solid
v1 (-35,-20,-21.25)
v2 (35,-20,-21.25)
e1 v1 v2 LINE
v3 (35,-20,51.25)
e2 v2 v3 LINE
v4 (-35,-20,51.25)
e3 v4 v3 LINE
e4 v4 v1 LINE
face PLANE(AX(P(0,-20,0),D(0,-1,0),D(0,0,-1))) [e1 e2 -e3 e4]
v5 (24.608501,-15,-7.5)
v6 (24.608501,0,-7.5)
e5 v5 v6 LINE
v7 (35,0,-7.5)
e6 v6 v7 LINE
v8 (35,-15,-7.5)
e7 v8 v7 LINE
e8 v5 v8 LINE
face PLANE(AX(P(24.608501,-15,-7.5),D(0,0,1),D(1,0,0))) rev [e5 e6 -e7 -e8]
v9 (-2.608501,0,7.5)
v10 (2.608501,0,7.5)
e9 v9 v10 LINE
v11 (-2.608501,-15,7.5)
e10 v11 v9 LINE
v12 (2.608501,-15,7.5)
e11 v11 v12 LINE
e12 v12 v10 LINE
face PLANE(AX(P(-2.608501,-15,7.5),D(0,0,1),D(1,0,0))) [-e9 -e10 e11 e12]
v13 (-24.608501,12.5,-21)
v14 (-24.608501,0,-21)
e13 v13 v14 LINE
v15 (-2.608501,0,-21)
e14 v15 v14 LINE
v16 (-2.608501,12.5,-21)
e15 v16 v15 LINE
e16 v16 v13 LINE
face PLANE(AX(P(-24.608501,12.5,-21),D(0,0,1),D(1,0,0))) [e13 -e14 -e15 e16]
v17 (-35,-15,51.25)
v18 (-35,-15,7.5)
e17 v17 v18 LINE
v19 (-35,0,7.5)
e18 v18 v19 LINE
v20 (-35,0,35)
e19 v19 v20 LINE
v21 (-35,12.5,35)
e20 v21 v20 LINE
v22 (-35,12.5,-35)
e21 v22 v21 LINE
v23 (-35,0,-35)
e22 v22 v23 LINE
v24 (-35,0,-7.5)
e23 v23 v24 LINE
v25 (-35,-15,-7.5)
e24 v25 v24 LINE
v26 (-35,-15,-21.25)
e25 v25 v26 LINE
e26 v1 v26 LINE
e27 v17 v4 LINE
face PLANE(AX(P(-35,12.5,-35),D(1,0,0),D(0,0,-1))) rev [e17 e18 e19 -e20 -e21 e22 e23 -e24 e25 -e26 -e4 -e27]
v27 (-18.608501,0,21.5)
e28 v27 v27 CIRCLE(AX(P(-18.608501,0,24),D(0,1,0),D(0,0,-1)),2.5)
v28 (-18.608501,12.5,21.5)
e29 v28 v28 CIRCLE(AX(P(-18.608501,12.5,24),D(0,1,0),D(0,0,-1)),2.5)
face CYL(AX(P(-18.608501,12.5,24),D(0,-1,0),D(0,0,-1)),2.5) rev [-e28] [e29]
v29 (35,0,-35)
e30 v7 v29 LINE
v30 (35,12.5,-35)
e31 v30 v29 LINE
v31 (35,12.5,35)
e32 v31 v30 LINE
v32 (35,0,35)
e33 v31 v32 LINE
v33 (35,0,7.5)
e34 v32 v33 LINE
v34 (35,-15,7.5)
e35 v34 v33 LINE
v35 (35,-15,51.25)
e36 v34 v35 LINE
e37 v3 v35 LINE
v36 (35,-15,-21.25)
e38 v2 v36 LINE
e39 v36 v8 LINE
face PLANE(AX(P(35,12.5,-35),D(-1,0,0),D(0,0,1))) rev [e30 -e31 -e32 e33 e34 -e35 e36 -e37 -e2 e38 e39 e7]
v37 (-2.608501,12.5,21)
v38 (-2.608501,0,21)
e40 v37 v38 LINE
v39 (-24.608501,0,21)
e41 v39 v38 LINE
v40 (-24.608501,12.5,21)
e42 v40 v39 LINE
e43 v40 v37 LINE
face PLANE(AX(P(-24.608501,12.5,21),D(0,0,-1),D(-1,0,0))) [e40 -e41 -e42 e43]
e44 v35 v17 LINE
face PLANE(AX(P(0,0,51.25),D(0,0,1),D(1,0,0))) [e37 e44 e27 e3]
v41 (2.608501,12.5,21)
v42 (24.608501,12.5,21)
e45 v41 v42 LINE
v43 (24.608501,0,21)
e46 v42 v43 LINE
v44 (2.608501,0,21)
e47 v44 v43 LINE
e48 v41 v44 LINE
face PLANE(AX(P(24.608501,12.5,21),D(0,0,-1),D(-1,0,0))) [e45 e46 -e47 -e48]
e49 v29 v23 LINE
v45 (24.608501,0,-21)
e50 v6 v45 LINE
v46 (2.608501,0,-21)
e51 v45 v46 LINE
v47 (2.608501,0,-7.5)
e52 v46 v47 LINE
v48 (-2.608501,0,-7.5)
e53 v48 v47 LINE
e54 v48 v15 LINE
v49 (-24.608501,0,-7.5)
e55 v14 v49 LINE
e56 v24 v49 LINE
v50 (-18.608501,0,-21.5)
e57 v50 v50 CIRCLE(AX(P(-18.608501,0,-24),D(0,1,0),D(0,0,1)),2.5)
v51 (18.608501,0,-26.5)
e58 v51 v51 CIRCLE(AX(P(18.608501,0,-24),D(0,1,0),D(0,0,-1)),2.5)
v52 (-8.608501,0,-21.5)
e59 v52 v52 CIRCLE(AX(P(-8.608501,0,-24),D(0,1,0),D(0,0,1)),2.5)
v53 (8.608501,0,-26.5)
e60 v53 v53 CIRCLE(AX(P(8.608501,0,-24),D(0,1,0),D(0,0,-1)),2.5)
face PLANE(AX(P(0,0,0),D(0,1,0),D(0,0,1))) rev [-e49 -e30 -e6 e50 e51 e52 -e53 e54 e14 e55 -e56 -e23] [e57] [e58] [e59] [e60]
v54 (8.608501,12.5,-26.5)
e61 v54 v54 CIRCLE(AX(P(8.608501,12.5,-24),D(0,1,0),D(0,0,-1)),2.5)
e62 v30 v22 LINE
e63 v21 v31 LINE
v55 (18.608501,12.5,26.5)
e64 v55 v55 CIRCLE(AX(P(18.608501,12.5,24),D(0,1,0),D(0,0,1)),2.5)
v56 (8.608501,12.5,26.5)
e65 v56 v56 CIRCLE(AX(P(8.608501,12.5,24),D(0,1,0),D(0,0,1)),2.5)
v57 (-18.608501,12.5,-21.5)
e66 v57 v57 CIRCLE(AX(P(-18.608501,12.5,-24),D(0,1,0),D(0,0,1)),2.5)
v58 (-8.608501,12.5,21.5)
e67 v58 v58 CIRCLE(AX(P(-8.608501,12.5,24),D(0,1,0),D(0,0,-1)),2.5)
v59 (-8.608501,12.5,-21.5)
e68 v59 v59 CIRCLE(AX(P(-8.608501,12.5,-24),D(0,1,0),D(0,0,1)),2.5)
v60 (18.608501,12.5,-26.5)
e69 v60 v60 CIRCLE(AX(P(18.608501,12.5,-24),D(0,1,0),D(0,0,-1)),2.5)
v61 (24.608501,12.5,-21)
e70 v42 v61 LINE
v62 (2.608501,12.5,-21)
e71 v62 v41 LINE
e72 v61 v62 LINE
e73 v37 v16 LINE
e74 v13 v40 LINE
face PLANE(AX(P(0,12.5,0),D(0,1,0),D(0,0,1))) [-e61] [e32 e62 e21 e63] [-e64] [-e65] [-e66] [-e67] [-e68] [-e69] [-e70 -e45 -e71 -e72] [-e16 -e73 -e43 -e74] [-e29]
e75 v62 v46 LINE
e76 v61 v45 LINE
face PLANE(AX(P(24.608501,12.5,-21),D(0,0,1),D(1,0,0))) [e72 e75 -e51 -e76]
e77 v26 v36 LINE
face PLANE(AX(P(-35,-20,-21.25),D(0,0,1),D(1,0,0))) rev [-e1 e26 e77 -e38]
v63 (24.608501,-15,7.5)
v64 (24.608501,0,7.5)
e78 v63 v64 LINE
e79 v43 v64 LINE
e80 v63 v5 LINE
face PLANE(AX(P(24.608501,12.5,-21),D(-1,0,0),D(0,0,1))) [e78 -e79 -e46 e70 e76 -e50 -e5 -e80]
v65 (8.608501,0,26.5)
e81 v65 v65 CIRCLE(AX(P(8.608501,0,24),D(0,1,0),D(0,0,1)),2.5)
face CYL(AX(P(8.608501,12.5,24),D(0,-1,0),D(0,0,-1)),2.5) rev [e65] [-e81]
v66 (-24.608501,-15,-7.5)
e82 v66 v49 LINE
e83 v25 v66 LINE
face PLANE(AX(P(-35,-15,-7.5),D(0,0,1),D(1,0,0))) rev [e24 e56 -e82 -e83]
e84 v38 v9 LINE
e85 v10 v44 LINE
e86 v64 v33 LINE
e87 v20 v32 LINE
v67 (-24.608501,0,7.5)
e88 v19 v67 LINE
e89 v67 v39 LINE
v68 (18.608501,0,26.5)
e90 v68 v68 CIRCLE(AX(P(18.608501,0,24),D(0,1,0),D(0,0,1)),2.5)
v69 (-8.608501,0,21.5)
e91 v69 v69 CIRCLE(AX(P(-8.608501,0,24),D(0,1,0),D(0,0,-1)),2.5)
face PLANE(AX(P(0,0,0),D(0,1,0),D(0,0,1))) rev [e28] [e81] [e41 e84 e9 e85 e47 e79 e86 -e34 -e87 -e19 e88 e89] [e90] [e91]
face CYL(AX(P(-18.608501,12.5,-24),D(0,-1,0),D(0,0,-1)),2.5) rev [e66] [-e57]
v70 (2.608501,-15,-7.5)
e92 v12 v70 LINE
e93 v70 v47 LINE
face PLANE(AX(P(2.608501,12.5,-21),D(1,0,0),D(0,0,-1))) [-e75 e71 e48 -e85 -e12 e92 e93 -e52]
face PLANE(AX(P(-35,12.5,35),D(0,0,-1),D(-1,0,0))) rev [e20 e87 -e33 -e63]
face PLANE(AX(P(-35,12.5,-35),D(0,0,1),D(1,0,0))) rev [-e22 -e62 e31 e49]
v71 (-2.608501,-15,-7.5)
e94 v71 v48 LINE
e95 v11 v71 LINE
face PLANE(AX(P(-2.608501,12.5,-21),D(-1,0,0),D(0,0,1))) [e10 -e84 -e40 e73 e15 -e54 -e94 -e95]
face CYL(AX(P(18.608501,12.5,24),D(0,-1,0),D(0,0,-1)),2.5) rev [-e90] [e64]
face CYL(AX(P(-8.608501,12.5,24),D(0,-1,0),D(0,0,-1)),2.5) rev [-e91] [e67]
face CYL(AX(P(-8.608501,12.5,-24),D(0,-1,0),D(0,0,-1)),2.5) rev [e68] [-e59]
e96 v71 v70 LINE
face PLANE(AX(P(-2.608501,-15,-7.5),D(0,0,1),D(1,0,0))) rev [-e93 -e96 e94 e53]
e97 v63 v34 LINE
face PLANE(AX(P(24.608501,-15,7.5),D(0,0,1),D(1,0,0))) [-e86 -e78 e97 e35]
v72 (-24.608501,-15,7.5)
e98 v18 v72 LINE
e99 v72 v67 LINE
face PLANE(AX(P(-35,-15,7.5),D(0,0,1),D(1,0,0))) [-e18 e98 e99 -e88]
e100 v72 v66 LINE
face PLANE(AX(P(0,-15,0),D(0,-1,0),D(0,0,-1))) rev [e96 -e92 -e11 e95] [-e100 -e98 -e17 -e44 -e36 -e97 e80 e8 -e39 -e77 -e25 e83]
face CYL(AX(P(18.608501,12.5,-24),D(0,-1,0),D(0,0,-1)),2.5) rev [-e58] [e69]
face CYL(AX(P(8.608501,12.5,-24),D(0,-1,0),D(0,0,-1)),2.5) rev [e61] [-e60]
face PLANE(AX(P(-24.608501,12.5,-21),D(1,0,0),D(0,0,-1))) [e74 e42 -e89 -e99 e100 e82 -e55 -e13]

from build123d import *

# Parameters (mm, degrees)
SKETCH1_W           = 70
SKETCH1_H           = 70
SKETCH1_R           = 2.5
SKETCH1_W_2         = 22
SKETCH1_H_2         = 42
BOSS_EXTRUDE1_DEPTH = 12.5
SKETCH3_W           = 10.391499035
SKETCH3_H           = 15
SKETCH3_W_2         = 5.21700193
BOSS_EXTRUDE2_DEPTH = 15
SKETCH8_W           = 70
SKETCH8_H           = 42.5
BOSS_EXTRUDE5_DEPTH = 5
SKETCH12_W          = 70
SKETCH12_H          = 5
BOSS_EXTRUDE6_DEPTH = 30


with BuildPart() as part:
    # Sketch1 → Boss-Extrude1 (new body)
    with BuildSketch(Plane(origin=(0, 0, 0), x_dir=(1, 0, 0), z_dir=(0, 1, 0))):
        Rectangle(SKETCH1_W, SKETCH1_H)
        with Locations(Location((-18.608500965, 24, 0), (0, 0, 270))):
            Circle(SKETCH1_R, mode=Mode.SUBTRACT)
        with Locations(Location((-8.608500965, 24, 0), (0, 0, 270))):
            Circle(SKETCH1_R, mode=Mode.SUBTRACT)
        with Locations(Location((-8.608500965, -24, 0), (0, 0, 90))):
            Circle(SKETCH1_R, mode=Mode.SUBTRACT)
        with Locations(Location((-18.608500965, -24, 0), (0, 0, 90))):
            Circle(SKETCH1_R, mode=Mode.SUBTRACT)
        with Locations(Location((8.608500965, -24, 0), (0, 0, 270))):
            Circle(SKETCH1_R, mode=Mode.SUBTRACT)
        with Locations(Location((18.608500965, -24, 0), (0, 0, 270))):
            Circle(SKETCH1_R, mode=Mode.SUBTRACT)
        with Locations(Location((8.608500965, 24, 0), (0, 0, 90))):
            Circle(SKETCH1_R, mode=Mode.SUBTRACT)
        with Locations(Location((18.608500965, 24, 0), (0, 0, 90))):
            Circle(SKETCH1_R, mode=Mode.SUBTRACT)
        with Locations((-13.608500965, 0)):
            Rectangle(SKETCH1_W_2, SKETCH1_H_2, mode=Mode.SUBTRACT)
        with Locations((13.608500965, 0)):
            Rectangle(SKETCH1_W_2, SKETCH1_H_2, mode=Mode.SUBTRACT)
    extrude(amount=BOSS_EXTRUDE1_DEPTH)

    # Sketch3 → Boss-Extrude2 (add)
    with BuildSketch(Plane.XZ):
        with Locations((-29.804250483, 0)):
            Rectangle(SKETCH3_W, SKETCH3_H)
        Rectangle(SKETCH3_W_2, SKETCH3_H)
        with Locations((29.804250483, 0)):
            Rectangle(SKETCH3_W, SKETCH3_H)
    extrude(amount=BOSS_EXTRUDE2_DEPTH)

    # Sketch8 → Boss-Extrude5 (add)
    with BuildSketch(Plane.XZ.offset(15)):
        Rectangle(SKETCH8_W, SKETCH8_H)
    extrude(amount=BOSS_EXTRUDE5_DEPTH)

    # Sketch12 → Boss-Extrude6 (add)
    with BuildSketch(Plane.XY.offset(21.25)):
        with Locations((0, -17.5)):
            Rectangle(SKETCH12_W, SKETCH12_H)
    extrude(amount=BOSS_EXTRUDE6_DEPTH)


solid = part.part
